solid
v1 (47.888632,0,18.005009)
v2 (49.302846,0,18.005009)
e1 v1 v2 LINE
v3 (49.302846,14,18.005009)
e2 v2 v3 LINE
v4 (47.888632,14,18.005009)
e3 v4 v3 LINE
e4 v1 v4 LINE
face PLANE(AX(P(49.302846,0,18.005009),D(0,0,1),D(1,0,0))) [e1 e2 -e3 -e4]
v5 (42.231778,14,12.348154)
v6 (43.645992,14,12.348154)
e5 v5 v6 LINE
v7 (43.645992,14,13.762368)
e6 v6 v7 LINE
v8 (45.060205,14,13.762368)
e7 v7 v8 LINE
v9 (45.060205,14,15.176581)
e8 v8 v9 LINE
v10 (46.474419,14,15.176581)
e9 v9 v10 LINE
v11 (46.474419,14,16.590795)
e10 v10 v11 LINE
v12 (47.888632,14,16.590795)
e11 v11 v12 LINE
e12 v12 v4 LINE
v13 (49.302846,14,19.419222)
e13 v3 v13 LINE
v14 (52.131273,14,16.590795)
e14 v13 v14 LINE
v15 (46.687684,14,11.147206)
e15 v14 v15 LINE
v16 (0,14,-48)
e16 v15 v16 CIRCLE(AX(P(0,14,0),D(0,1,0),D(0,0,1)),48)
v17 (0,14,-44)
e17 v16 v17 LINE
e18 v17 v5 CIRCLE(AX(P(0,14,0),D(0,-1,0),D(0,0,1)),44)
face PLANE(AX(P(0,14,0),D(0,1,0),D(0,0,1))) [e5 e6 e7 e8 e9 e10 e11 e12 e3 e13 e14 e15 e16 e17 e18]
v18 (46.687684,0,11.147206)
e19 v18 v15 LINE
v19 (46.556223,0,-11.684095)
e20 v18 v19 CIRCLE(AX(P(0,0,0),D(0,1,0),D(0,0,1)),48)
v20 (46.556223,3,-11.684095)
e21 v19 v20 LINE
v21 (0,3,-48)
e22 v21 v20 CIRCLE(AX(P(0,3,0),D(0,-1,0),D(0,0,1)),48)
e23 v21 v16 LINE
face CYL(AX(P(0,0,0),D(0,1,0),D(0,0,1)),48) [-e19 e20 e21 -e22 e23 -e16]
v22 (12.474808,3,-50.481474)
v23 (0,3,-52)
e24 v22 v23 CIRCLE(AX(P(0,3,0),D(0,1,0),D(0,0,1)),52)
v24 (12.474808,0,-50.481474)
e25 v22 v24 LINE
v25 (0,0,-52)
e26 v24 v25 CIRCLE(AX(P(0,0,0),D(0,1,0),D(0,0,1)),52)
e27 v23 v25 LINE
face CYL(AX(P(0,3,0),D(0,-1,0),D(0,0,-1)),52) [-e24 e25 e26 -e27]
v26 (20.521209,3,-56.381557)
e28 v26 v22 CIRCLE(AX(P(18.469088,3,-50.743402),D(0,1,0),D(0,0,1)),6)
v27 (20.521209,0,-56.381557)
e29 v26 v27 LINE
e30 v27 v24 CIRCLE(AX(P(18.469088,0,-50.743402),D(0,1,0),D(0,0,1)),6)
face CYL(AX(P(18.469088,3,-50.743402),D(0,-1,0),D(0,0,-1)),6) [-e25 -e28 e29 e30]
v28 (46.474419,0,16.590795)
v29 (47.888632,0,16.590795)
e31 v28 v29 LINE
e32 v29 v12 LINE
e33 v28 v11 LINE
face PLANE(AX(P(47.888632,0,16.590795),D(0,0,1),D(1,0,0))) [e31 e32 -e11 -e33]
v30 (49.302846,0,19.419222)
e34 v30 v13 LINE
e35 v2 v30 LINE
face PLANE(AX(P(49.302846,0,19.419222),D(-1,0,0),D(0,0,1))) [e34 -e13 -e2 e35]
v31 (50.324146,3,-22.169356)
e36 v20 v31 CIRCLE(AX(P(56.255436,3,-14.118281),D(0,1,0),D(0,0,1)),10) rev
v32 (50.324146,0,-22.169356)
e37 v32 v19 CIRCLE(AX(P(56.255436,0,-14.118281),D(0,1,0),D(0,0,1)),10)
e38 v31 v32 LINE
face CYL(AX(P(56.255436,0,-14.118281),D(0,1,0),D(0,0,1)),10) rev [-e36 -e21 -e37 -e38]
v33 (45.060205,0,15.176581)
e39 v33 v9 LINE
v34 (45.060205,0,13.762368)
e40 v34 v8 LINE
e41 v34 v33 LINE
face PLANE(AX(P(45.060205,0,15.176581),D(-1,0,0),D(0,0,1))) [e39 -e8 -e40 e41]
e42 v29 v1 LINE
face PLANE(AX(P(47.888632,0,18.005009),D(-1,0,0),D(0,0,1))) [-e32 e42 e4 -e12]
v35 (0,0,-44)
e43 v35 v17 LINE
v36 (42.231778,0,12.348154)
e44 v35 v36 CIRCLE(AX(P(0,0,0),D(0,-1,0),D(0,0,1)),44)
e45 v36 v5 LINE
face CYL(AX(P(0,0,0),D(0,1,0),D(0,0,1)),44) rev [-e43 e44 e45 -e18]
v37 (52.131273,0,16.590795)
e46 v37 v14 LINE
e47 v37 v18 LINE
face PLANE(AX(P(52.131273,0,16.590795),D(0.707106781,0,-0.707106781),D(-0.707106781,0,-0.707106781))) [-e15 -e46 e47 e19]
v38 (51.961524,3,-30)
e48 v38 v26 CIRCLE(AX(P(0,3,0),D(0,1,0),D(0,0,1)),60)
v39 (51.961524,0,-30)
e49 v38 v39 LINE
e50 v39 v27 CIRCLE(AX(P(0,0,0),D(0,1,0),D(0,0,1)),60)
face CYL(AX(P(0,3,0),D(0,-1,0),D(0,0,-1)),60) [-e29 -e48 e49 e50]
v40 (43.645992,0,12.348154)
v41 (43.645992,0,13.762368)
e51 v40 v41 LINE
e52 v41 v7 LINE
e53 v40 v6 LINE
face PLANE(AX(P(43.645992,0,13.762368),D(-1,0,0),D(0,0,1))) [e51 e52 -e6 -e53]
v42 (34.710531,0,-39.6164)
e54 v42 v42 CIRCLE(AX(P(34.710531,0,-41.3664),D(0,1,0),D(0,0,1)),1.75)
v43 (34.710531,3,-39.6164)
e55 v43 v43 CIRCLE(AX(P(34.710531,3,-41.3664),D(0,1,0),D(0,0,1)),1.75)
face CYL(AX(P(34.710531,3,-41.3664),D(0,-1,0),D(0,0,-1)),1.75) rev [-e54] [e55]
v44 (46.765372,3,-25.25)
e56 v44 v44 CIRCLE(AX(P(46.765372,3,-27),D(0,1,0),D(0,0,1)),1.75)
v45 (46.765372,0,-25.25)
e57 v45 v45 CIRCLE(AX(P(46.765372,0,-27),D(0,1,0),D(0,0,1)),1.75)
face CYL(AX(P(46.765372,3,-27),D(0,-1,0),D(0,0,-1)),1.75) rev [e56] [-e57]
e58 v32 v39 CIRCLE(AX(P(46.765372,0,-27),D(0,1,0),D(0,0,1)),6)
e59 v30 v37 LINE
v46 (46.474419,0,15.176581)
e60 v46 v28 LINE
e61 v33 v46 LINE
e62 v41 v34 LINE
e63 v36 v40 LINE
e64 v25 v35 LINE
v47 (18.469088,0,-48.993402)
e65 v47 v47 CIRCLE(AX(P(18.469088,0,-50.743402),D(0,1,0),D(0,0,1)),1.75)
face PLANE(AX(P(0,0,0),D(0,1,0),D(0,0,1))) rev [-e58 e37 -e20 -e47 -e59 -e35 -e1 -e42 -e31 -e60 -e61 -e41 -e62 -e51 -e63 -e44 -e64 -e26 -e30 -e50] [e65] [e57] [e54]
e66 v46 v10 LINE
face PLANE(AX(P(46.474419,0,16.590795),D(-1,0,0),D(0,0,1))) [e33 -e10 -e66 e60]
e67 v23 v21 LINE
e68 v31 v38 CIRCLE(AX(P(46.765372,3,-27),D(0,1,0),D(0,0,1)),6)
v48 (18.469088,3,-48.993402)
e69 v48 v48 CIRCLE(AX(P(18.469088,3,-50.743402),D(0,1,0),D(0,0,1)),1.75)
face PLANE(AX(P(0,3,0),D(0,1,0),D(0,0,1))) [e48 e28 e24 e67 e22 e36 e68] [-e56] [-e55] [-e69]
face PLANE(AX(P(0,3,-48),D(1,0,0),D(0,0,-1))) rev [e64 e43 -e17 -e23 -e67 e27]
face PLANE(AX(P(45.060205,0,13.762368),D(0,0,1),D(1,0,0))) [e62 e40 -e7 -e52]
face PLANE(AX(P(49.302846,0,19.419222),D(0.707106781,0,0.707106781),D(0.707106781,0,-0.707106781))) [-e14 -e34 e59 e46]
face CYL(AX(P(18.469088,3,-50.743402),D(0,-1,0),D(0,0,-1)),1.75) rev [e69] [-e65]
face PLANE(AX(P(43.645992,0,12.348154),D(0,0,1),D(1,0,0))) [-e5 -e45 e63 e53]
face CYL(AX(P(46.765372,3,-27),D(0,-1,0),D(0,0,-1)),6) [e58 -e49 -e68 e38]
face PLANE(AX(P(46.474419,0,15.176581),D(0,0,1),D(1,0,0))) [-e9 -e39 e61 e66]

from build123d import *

# Parameters (mm, degrees)
SKETCH_1_R              = 1.75
EXTRUDE_1_DEPTH         = 3
EXTRUDE_2586_DEPTH      = 11
EXTRUDE_2586_DEPTH_BACK = 3
FILLET1_R               = 10


with BuildPart() as part:
    # Эскиз1 → Бобышка-Вытянуть1 (new body)
    with BuildSketch(Plane(origin=(0, 0, 0), x_dir=(1, 0, 0), z_dir=(0, 1, 0))):
        with BuildLine():
            Line((0, 48), (0, 52))
            ThreePointArc((0, 52), (6.283445482, 51.618972412), (12.474807654, 50.481473572))
            ThreePointArc((12.474807654, 50.481473572), (14.921144436, 55.582006519), (20.5212086, 56.381557247))
            ThreePointArc((20.5212086, 56.381557247), (38.567256581, 45.962666587), (51.961524227, 30))
            ThreePointArc((51.961524227, 30), (49.765371804, 21.803847577), (41.569219382, 24))
            ThreePointArc((41.569219382, 24), (24, 41.569219382), (0, 48))
        make_face()
        with Locations(Location((34.710530923, 41.366399928, 0), (0, 0, 270))):
            Circle(SKETCH_1_R, mode=Mode.SUBTRACT)
        with Locations(Location((18.46908774, 50.743401522, 0), (0, 0, 270))):
            Circle(SKETCH_1_R, mode=Mode.SUBTRACT)
        with Locations(Location((46.765371804, 27, 0), (0, 0, 270))):
            Circle(SKETCH_1_R, mode=Mode.SUBTRACT)
    extrude(amount=EXTRUDE_1_DEPTH)

    # Эскиз2 → Extrude 2586 (add, two sides: drawn at the far end of the back side and taken through both)
    with BuildSketch(Plane(origin=(0, 3, 0), x_dir=(1, 0, 0), z_dir=(0, 1, 0)).offset(-EXTRUDE_2586_DEPTH_BACK)):
        with BuildLine():
            Line((49.302845964, -19.419222091), (49.302845964, -18.005008529))
            Line((49.302845964, -18.005008529), (47.888632402, -18.005008529))
            Line((47.888632402, -18.005008529), (47.888632402, -16.590794966))
            Line((47.888632402, -16.590794966), (46.474418839, -16.590794966))
            Line((46.474418839, -16.590794966), (46.474418839, -15.176581404))
            Line((46.474418839, -15.176581404), (45.060205277, -15.176581404))
            Line((45.060205277, -15.176581404), (45.060205277, -13.762367842))
            Line((45.060205277, -13.762367842), (43.645991715, -13.762367842))
            Line((43.645991715, -13.762367842), (43.645991715, -12.348154279))
            Line((43.645991715, -12.348154279), (42.231778152, -12.348154279))
            ThreePointArc((42.231778152, -12.348154279), (35.208797113, 26.388266443), (0, 44))
            Line((0, 44), (0, 48))
            ThreePointArc((0, 48), (37.676689525, 29.73999103), (46.687683687, -11.147205565))
            Line((46.687683687, -11.147205565), (52.131273089, -16.590794966))
            Line((52.131273089, -16.590794966), (49.302845964, -19.419222091))
        make_face()
    extrude(amount=EXTRUDE_2586_DEPTH + EXTRUDE_2586_DEPTH_BACK)

    # Fillet1
    fillet1_edges = [part.edges().sort_by_distance(p)[0] for p in [
        (41.569219382, 1.5, -24),
    ]]
    fillet(fillet1_edges, radius=FILLET1_R)


solid = part.part
